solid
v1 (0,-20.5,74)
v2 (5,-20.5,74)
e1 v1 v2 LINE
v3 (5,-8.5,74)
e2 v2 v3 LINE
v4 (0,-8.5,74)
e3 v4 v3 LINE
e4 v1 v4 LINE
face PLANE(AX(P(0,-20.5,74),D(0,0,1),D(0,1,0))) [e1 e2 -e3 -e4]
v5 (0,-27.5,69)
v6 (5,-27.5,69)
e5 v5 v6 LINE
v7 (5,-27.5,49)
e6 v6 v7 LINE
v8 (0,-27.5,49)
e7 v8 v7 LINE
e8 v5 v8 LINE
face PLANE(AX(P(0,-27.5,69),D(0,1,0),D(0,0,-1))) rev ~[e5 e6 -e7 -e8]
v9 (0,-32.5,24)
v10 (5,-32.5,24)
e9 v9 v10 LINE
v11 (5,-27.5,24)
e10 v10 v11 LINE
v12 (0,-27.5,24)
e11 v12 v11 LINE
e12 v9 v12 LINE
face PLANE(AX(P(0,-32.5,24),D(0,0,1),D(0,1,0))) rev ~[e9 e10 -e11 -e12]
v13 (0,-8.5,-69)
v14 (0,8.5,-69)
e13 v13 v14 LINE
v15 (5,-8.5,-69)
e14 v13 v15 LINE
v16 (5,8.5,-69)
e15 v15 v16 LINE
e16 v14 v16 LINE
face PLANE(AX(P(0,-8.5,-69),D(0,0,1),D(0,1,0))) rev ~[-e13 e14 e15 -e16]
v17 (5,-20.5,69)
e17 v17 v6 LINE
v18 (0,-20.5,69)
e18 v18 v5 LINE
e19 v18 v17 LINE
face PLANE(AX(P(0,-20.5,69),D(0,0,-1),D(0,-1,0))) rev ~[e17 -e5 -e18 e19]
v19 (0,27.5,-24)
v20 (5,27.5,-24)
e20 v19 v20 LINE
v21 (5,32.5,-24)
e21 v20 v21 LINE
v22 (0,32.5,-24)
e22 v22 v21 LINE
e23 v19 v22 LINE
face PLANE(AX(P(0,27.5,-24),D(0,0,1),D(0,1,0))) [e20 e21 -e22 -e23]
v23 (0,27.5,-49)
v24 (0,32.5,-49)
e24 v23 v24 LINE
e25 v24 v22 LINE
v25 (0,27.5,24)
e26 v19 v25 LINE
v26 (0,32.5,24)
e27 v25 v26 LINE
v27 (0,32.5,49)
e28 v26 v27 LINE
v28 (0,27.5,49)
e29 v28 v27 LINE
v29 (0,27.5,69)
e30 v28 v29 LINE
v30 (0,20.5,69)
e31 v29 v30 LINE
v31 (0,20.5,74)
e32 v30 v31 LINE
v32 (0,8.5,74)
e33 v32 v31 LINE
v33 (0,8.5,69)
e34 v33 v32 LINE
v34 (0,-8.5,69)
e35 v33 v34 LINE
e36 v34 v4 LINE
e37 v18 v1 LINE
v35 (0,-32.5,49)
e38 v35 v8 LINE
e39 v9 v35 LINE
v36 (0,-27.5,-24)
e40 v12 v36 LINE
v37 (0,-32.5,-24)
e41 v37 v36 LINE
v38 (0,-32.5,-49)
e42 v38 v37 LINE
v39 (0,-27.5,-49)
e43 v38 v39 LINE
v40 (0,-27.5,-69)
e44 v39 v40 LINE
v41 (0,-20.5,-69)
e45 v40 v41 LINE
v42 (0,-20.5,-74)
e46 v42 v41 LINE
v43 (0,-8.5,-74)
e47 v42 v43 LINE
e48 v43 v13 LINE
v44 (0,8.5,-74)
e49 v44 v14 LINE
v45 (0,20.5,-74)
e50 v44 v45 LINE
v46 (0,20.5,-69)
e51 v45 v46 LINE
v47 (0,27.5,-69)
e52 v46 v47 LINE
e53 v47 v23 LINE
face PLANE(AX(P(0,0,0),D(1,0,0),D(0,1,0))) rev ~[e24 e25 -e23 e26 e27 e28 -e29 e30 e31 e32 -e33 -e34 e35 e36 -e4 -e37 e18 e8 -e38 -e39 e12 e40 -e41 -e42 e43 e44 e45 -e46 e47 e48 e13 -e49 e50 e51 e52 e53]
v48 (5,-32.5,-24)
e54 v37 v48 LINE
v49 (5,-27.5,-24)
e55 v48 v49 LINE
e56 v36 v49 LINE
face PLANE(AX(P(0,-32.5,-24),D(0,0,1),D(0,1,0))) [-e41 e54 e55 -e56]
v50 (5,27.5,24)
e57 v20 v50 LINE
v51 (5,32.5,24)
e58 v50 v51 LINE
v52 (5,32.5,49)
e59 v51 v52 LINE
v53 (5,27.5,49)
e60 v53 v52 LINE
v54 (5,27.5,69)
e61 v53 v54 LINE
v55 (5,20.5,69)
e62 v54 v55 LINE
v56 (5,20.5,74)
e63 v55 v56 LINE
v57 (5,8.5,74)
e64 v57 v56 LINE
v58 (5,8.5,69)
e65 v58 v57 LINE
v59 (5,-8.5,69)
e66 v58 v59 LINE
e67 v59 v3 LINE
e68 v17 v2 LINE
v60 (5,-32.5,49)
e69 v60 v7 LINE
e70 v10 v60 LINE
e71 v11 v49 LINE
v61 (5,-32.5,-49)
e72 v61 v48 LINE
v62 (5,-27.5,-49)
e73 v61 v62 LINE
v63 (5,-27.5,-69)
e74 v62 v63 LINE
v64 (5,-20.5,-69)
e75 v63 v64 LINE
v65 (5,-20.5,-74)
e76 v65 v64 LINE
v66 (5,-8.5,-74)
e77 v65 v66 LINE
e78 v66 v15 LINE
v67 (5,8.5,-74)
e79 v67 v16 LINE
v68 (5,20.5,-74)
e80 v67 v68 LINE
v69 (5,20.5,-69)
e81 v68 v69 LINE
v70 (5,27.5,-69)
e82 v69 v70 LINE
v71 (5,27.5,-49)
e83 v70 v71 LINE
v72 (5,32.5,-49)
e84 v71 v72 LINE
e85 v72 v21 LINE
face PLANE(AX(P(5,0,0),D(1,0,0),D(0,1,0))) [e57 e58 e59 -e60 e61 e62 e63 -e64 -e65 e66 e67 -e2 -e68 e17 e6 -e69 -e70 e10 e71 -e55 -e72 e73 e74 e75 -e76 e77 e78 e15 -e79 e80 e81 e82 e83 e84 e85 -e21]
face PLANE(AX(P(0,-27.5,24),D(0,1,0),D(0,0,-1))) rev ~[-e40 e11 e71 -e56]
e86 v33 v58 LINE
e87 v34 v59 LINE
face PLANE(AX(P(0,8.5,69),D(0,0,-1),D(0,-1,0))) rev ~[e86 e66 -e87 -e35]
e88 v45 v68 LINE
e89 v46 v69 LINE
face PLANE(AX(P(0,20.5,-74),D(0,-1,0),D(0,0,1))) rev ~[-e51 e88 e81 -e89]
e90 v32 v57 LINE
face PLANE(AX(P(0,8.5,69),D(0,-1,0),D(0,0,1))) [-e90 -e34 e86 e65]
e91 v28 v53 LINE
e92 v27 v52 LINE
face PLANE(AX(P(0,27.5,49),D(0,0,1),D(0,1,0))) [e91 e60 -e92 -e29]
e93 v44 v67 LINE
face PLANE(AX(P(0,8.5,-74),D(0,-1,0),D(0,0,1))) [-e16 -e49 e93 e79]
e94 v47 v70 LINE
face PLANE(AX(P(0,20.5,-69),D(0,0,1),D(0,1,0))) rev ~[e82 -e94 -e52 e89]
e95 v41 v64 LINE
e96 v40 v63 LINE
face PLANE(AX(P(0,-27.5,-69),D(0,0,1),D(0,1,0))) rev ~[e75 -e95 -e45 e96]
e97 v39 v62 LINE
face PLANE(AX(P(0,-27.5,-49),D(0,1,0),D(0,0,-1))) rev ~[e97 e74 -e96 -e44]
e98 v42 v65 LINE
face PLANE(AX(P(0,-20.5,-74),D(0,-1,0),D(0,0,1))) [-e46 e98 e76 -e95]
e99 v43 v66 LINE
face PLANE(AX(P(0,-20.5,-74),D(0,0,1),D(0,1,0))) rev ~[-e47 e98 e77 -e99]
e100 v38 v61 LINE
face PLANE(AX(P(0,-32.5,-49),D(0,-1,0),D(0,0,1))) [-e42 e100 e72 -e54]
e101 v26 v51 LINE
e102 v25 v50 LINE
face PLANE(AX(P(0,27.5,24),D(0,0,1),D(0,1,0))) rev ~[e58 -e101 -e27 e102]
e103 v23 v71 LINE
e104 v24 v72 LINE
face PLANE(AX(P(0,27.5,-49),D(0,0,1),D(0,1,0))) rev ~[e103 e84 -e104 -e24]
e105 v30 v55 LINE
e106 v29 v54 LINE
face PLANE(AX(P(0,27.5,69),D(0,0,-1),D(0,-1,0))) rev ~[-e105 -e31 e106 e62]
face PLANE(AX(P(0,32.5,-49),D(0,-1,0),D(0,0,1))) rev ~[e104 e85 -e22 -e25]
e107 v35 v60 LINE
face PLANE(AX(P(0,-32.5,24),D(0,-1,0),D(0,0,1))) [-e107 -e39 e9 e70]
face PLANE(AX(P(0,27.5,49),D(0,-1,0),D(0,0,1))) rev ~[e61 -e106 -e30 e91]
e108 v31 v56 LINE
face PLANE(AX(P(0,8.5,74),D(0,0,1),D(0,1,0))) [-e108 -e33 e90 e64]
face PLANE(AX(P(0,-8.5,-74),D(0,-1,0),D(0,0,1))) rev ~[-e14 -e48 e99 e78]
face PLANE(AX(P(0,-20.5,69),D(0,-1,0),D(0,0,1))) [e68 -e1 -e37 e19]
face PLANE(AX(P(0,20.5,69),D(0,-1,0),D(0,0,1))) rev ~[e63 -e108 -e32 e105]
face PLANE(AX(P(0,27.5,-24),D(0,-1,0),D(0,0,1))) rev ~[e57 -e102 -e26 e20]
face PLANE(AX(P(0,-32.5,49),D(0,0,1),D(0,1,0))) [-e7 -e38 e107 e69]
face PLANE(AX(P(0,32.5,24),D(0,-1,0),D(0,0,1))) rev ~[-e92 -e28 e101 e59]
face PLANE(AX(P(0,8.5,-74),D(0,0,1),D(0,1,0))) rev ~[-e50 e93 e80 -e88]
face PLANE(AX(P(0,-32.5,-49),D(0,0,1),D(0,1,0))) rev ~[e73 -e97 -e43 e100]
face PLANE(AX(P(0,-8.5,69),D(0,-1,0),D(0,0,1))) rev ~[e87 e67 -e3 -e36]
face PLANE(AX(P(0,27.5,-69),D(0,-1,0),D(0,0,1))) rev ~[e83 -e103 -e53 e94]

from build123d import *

# Parameters (mm, degrees)
F0_W     = 12
F0_H     = 5
F0_W_2   = 5
F0_H_2   = 25
F1_DEPTH = 5


with BuildPart() as f1:
    # F0 (on Right) → F1 (new body)
    with BuildSketch(Plane.YZ):
        Polygon((27.5, 49), (27.5, 69), (20.5, 69), (8.5, 69), (-8.5, 69), (-20.5, 69), (-27.5, 69), (-27.5, 49), (-27.5, 24), (-27.5, -24), (-27.5, -49), (-27.5, -69), (-20.5, -69), (-8.5, -69), (8.5, -69), (20.5, -69), (27.5, -69), (27.5, -49), (27.5, -24), (27.5, 24), align=None)
        with Locations((-14.5, 71.5)):
            Rectangle(F0_W, F0_H)
        with Locations((14.5, 71.5)):
            Rectangle(F0_W, F0_H)
        with Locations((30, 36.5)):
            Rectangle(F0_W_2, F0_H_2)
        with Locations((30, -36.5)):
            Rectangle(F0_W_2, F0_H_2)
        with Locations((14.5, -71.5)):
            Rectangle(F0_W, F0_H)
        with Locations((-14.5, -71.5)):
            Rectangle(F0_W, F0_H)
        with Locations((-30, -36.5)):
            Rectangle(F0_W_2, F0_H_2)
        with Locations((-30, 36.5)):
            Rectangle(F0_W_2, F0_H_2)
    extrude(amount=F1_DEPTH)


solid = f1.part
